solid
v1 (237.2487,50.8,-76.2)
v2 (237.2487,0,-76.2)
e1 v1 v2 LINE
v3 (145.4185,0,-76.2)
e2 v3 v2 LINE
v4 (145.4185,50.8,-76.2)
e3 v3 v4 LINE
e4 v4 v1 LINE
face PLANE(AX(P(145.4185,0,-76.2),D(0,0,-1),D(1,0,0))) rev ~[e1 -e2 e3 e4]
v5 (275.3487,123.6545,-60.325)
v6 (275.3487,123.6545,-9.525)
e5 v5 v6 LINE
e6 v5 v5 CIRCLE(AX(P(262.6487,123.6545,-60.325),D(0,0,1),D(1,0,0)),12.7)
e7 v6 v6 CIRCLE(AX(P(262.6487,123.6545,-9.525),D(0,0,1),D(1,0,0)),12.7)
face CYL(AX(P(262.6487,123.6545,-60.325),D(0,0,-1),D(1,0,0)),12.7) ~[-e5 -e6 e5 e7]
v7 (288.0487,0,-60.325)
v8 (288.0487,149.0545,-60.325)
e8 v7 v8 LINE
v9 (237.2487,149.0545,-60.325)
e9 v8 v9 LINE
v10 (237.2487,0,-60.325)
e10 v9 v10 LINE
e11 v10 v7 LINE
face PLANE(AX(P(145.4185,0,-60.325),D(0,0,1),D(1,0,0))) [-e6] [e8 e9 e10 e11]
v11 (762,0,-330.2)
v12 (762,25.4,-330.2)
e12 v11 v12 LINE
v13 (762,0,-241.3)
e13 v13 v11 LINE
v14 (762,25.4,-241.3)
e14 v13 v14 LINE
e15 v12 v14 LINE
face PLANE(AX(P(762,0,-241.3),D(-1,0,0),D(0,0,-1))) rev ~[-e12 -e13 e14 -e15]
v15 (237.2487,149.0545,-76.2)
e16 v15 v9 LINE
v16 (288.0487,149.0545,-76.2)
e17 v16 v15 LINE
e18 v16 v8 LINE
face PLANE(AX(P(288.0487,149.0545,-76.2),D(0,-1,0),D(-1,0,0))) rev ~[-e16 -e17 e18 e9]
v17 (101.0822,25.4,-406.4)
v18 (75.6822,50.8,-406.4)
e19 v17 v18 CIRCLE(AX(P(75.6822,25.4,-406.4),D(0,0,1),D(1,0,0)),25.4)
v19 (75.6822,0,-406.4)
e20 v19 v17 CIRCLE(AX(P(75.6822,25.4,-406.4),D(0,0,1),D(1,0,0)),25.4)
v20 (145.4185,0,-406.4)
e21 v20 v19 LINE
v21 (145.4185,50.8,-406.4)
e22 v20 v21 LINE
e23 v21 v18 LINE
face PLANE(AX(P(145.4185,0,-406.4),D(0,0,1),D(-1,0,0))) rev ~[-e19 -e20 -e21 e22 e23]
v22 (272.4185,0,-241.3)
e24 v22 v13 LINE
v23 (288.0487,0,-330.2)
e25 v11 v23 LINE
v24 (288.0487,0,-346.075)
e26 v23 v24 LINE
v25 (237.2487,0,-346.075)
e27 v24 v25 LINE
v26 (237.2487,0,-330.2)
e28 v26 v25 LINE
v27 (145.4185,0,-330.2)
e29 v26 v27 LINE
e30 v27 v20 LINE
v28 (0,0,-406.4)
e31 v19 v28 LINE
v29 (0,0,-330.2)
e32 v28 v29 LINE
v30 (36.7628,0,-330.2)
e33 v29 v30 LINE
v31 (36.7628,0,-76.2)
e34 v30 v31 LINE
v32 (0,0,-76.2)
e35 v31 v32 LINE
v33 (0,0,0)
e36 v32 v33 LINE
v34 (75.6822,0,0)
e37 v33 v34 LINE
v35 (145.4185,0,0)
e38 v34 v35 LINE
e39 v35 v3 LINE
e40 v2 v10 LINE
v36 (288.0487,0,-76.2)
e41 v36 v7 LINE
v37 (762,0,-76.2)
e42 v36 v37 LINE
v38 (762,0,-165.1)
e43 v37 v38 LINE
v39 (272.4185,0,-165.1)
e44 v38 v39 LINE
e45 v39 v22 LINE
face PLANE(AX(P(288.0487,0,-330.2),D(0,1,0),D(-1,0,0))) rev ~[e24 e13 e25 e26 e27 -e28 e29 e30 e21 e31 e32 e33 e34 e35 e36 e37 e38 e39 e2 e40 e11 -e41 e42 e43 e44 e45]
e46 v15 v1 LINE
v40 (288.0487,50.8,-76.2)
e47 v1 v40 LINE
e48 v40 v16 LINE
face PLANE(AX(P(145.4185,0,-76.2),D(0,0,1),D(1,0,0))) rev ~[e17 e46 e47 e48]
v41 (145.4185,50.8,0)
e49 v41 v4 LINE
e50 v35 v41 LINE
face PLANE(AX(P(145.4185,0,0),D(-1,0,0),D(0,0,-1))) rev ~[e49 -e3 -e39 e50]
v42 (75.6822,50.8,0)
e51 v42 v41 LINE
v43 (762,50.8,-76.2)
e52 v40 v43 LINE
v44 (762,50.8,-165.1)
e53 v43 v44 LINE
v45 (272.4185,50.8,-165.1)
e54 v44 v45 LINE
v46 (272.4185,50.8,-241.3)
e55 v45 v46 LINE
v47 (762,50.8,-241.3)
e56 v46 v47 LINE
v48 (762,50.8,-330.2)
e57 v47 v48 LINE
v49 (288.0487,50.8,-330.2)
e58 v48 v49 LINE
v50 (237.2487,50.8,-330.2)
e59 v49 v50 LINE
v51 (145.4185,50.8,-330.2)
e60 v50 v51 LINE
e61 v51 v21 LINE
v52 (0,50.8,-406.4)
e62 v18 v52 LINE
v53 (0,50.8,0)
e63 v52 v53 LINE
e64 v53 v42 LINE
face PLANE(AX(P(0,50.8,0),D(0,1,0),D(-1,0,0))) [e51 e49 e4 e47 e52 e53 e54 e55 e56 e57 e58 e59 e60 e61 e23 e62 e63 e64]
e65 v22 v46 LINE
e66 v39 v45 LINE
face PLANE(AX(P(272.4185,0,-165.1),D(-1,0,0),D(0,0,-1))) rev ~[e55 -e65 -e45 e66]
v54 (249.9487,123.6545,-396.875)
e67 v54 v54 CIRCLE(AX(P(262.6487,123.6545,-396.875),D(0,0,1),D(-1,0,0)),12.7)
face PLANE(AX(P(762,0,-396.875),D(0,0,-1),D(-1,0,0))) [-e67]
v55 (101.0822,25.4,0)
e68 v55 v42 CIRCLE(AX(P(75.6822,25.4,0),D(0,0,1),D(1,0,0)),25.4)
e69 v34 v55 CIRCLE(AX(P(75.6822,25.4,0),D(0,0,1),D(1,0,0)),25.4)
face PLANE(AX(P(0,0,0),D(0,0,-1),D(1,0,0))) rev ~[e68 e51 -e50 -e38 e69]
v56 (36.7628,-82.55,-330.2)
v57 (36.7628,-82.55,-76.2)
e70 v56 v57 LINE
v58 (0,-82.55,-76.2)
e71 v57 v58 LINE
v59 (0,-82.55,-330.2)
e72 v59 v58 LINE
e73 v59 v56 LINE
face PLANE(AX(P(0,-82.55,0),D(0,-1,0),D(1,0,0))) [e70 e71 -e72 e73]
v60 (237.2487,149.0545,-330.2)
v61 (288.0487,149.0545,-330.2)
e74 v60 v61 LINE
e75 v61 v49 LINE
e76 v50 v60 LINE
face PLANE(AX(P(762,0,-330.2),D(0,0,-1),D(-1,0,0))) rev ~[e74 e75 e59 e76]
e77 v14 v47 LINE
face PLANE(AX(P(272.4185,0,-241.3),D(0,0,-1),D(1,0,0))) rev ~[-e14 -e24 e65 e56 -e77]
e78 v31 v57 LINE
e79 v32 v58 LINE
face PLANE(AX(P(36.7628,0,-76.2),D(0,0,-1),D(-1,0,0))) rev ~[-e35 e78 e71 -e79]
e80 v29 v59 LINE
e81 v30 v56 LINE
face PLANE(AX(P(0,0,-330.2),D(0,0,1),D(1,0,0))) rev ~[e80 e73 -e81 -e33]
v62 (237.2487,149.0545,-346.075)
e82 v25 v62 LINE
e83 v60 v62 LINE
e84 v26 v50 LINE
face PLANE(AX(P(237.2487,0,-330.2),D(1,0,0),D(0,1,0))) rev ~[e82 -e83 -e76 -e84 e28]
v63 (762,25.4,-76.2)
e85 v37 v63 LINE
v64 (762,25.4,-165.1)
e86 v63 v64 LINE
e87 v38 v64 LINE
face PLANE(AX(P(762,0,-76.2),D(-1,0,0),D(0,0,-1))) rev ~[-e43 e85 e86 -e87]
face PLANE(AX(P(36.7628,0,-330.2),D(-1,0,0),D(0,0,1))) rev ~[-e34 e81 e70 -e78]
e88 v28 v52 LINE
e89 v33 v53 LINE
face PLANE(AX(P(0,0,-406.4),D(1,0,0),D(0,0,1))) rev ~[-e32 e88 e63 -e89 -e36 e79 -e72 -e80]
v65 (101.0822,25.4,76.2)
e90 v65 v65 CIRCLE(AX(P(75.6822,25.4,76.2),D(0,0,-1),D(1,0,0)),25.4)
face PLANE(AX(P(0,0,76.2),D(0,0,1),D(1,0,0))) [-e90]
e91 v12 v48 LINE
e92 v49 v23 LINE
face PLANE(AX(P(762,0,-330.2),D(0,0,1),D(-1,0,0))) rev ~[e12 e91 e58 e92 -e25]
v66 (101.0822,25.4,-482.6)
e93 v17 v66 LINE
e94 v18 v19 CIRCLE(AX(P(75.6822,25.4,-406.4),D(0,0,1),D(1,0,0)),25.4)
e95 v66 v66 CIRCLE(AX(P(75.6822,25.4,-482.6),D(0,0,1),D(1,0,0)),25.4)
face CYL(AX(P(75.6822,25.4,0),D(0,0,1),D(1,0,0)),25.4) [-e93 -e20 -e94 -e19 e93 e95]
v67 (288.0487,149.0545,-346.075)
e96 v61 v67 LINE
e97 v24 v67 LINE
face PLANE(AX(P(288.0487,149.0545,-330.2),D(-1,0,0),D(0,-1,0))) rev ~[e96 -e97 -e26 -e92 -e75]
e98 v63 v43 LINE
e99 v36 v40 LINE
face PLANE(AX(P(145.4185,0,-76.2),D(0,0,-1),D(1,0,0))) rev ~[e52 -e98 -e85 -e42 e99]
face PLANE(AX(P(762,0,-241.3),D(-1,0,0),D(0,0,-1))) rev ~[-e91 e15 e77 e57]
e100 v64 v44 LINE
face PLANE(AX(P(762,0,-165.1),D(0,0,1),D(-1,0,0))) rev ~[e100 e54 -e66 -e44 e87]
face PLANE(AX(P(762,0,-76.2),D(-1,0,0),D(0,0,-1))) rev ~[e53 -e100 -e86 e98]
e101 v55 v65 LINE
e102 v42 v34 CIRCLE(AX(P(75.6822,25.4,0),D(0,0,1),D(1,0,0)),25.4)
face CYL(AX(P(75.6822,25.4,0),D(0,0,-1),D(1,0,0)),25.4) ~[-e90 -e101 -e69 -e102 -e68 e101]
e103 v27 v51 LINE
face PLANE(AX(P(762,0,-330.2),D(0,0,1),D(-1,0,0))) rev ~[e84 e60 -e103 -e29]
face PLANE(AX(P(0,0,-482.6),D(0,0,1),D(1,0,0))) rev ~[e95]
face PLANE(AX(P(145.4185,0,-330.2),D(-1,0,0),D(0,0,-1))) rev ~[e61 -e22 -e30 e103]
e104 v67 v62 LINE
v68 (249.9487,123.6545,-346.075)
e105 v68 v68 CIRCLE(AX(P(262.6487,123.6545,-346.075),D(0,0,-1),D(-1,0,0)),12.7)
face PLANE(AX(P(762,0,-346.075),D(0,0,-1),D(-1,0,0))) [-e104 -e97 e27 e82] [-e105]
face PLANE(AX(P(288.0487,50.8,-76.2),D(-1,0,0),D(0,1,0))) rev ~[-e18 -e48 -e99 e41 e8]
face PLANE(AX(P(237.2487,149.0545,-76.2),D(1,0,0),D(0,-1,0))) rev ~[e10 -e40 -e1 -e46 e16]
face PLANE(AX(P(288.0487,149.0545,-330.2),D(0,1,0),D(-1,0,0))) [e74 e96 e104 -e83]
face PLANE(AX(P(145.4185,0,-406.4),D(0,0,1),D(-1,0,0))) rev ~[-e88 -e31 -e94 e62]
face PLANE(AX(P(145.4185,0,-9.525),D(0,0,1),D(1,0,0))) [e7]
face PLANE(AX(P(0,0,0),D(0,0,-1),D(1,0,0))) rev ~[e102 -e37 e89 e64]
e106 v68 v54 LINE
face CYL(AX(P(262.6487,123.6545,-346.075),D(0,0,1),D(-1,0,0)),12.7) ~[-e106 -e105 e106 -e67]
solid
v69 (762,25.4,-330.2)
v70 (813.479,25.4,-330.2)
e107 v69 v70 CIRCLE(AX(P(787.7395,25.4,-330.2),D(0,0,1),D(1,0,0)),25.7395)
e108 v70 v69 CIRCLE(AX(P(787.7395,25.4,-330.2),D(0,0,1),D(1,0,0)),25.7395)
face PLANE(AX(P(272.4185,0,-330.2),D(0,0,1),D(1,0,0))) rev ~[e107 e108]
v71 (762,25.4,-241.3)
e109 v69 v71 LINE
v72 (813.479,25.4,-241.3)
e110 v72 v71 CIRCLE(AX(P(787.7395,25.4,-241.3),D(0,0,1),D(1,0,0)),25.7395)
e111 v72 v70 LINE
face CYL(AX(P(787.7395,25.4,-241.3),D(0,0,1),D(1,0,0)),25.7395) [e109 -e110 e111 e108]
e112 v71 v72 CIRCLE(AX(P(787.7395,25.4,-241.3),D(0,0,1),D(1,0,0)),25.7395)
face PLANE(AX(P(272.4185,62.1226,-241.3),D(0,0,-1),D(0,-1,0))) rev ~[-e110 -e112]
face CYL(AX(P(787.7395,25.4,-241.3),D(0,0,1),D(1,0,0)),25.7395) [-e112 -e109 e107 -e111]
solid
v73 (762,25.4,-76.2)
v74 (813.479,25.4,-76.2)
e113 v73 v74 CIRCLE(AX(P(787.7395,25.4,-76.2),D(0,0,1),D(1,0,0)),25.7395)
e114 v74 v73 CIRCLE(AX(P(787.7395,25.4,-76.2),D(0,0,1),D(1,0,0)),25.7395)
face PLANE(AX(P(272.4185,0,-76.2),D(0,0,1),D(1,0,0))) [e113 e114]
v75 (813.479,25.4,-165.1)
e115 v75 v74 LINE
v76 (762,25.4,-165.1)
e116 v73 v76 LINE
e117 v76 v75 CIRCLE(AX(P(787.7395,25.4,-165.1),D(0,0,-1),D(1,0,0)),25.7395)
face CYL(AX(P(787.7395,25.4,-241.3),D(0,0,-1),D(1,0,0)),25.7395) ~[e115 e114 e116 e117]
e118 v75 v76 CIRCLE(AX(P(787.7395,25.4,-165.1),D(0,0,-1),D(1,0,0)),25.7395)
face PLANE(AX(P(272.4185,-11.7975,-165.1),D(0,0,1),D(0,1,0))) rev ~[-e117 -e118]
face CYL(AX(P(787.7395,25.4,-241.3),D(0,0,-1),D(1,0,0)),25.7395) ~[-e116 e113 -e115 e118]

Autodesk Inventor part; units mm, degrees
ref_plane "YZ Plane" through (0, 0, 0) normal (1, 0, 0) x (0, 1, 0)
ref_plane "XZ Plane" through (0, 0, 0) normal (0, 1, 0) x (-1, 0, 0)
ref_plane "XY Plane" through (0, 0, 0) normal (0, 0, 1) x (1, 0, 0)
sketch "Sketch1" plane through (0, 0, 0) normal (0, 1, 0) x (-1, 0, 0)
  line L0 (0, 0) -> (-145.4185, 0)
  line L1 (-145.4185, -406.4) -> (0, -406.4)
  line L2 (0, -406.4) -> (0, 0)
  line L3 (-145.4185, 0) -> (-145.4185, -76.2)
  line L4 (-145.4185, -76.2) -> (-762, -76.2)
  line L5 (-762, -330.2) -> (-145.4185, -330.2)
  line L6 (-145.4185, -330.2) -> (-145.4185, -406.4)
  line L7 (-762, -165.1) -> (-272.4185, -165.1)
  line L8 (-272.4185, -165.1) -> (-272.4185, -241.3)
  line L9 (-272.4185, -241.3) -> (-762, -241.3)
  line L10 (-762, -76.2) -> (-762, -165.1)
  line L11 (-762, -241.3) -> (-762, -330.2)
  dimension "d0" = 406.4
  dimension "d8" = 76.2
  dimension "d9" = 76.2
  dimension "d10" = 88.9
  dimension "d11" = 88.9
  dimension "d23" = 762
  dimension "d24" = 762
extrude "Extrusion1" add sketch "Sketch1" along normal blind 50.8
sketch "Sketch2" plane through (0, 0, 0) normal (0, 0, 1) x (1, 0, 0)
  circle A0 centre (75.6822, 25.4) radius 25.4
  line L0 (0, 50.8) -> (762, 50.8) projected
  line L1 (0, 0) -> (0, 50.8) projected
  dimension "d40" = 75.6822
extrude "Extrusion2" add sketch "Sketch2" along normal blind 76.2 and the other way blind 482.6
sketch "Sketch3" plane through (145.4185, 0, -76.2) normal (0, 0, 1) x (1, 0, 0)
  line L0 (616.5815, 50.8) -> (127, 50.8) projected
  line L1 (0, 0) -> (616.5815, 0) projected
  line L2 (142.6302, 0) -> (168.0302, 0)
  line L3 (142.6302, 149.0545) -> (91.8302, 149.0545)
  line L4 (91.8302, 149.0545) -> (91.8302, 0)
  line L5 (91.8302, 0) -> (142.6302, 0)
  line L6 (142.6302, 0) -> (142.6302, 149.0545)
  point P0 (-145.4185, 0)
  point P1 (168.0302, 50.8)
  point P2 (117.2302, 0)
extrude "Extrusion3" add sketch "Sketch3" along normal blind 15.875
sketch "Sketch8" plane through (272.4185, 0, -241.3) normal (0, 0, 1) x (1, 0, 0)
  circle A0 centre (515.321, 25.4) radius 25.7395
  point P0 (-272.4185, 0)
extrude "Extrusion8" add sketch "Sketch8" along normal blind 165.1 and the other way blind 88.9
sketch "Sketch4" plane through (762, 0, -330.2) normal (0, 0, -1) x (-1, 0, 0)
  line L0 (448.5513, 0) -> (448.5513, 149.0545) projected
  line L1 (443.5591, 50.8) -> (499.3513, 50.8) projected
  line L2 (448.5513, 149.0545) -> (499.3513, 149.0545) projected
  line L3 (473.9513, 149.0545) -> (499.3513, 149.0545)
  line L4 (499.3513, 0) -> (524.7513, 0)
  line L5 (0, 0) -> (616.5815, 0) projected
  line L6 (448.5513, 0) -> (468.7254, 0)
  line L7 (473.9513, 0) -> (524.7513, 0)
  line L8 (524.7513, 0) -> (524.7513, 149.0545)
  line L9 (524.7513, 149.0545) -> (473.9513, 149.0545)
  line L10 (473.9513, 149.0545) -> (473.9513, 0)
  point P0 (762, 0)
extrude "Extrusion4" add sketch "Sketch4" along normal blind 15.875 contours L10 L2 L9 L8 L4 L5
sketch "Sketch9" plane through (272.4185, 0, -165.1) normal (1, 0, 0) x (0, 0, -1)
  line L0 (76.2, -11.7975) -> (0, -11.7975)
  line L1 (0, -11.7975) -> (0, 62.1226)
  line L2 (0, 62.1226) -> (76.2, 62.1226)
  line L3 (76.2, 62.1226) -> (76.2, -11.7975)
  point P0 (-165.1, 0)
  point P1 (76.2, 0)
  point P2 (0, 50.8)
extrude "Extrusion9" cut sketch "Sketch9" along normal blind 844.55
sketch "Sketch5" plane through (762, 0, -346.075) normal (0, 0, -1) x (-1, 0, 0)
  circle A0 centre (499.3513, 123.6545) radius 12.7
  line L0 (448.5513, 149.0545) -> (499.3513, 149.0545) projected
  line L1 (499.3513, 0) -> (499.3513, 149.0545) projected
  point P0 (762, 0)
  dimension "d25" = 25.4
  dimension "d35" = 25.4
  dimension "d36" = 0
extrude "Extrusion5" add sketch "Sketch5" along normal blind 50.8
sketch "Sketch6" plane through (145.4185, 0, -60.325) normal (0, 0, 1) x (1, 0, 0)
  circle A0 centre (117.2302, 123.6545) radius 12.7
  line L0 (168.0302, 149.0545) -> (117.2302, 149.0545) projected
  line L1 (168.0302, 0) -> (168.0302, 149.0545) projected
  point P0 (-145.4185, 0)
  dimension "d26" = 25.4
  dimension "d38" = 25.4
  dimension "d39" = 50.8
extrude "Extrusion6" add sketch "Sketch6" along normal blind 50.8
sketch "Sketch10" plane through (0, 0, 0) normal (0, -1, 0) x (1, 0, 0)
  line L0 (0, -406.4) -> (0, 0) projected
  line L1 (0, -330.2) -> (36.7628, -330.2)
  line L2 (36.7628, -330.2) -> (36.7628, -76.2)
  line L3 (36.7628, -76.2) -> (0, -76.2)
  line L4 (0, -76.2) -> (0, -330.2)
extrude "Extrusion10" add sketch "Sketch10" along normal blind 82.55
properties part number "elevbase" material "Aluminum 6061"
